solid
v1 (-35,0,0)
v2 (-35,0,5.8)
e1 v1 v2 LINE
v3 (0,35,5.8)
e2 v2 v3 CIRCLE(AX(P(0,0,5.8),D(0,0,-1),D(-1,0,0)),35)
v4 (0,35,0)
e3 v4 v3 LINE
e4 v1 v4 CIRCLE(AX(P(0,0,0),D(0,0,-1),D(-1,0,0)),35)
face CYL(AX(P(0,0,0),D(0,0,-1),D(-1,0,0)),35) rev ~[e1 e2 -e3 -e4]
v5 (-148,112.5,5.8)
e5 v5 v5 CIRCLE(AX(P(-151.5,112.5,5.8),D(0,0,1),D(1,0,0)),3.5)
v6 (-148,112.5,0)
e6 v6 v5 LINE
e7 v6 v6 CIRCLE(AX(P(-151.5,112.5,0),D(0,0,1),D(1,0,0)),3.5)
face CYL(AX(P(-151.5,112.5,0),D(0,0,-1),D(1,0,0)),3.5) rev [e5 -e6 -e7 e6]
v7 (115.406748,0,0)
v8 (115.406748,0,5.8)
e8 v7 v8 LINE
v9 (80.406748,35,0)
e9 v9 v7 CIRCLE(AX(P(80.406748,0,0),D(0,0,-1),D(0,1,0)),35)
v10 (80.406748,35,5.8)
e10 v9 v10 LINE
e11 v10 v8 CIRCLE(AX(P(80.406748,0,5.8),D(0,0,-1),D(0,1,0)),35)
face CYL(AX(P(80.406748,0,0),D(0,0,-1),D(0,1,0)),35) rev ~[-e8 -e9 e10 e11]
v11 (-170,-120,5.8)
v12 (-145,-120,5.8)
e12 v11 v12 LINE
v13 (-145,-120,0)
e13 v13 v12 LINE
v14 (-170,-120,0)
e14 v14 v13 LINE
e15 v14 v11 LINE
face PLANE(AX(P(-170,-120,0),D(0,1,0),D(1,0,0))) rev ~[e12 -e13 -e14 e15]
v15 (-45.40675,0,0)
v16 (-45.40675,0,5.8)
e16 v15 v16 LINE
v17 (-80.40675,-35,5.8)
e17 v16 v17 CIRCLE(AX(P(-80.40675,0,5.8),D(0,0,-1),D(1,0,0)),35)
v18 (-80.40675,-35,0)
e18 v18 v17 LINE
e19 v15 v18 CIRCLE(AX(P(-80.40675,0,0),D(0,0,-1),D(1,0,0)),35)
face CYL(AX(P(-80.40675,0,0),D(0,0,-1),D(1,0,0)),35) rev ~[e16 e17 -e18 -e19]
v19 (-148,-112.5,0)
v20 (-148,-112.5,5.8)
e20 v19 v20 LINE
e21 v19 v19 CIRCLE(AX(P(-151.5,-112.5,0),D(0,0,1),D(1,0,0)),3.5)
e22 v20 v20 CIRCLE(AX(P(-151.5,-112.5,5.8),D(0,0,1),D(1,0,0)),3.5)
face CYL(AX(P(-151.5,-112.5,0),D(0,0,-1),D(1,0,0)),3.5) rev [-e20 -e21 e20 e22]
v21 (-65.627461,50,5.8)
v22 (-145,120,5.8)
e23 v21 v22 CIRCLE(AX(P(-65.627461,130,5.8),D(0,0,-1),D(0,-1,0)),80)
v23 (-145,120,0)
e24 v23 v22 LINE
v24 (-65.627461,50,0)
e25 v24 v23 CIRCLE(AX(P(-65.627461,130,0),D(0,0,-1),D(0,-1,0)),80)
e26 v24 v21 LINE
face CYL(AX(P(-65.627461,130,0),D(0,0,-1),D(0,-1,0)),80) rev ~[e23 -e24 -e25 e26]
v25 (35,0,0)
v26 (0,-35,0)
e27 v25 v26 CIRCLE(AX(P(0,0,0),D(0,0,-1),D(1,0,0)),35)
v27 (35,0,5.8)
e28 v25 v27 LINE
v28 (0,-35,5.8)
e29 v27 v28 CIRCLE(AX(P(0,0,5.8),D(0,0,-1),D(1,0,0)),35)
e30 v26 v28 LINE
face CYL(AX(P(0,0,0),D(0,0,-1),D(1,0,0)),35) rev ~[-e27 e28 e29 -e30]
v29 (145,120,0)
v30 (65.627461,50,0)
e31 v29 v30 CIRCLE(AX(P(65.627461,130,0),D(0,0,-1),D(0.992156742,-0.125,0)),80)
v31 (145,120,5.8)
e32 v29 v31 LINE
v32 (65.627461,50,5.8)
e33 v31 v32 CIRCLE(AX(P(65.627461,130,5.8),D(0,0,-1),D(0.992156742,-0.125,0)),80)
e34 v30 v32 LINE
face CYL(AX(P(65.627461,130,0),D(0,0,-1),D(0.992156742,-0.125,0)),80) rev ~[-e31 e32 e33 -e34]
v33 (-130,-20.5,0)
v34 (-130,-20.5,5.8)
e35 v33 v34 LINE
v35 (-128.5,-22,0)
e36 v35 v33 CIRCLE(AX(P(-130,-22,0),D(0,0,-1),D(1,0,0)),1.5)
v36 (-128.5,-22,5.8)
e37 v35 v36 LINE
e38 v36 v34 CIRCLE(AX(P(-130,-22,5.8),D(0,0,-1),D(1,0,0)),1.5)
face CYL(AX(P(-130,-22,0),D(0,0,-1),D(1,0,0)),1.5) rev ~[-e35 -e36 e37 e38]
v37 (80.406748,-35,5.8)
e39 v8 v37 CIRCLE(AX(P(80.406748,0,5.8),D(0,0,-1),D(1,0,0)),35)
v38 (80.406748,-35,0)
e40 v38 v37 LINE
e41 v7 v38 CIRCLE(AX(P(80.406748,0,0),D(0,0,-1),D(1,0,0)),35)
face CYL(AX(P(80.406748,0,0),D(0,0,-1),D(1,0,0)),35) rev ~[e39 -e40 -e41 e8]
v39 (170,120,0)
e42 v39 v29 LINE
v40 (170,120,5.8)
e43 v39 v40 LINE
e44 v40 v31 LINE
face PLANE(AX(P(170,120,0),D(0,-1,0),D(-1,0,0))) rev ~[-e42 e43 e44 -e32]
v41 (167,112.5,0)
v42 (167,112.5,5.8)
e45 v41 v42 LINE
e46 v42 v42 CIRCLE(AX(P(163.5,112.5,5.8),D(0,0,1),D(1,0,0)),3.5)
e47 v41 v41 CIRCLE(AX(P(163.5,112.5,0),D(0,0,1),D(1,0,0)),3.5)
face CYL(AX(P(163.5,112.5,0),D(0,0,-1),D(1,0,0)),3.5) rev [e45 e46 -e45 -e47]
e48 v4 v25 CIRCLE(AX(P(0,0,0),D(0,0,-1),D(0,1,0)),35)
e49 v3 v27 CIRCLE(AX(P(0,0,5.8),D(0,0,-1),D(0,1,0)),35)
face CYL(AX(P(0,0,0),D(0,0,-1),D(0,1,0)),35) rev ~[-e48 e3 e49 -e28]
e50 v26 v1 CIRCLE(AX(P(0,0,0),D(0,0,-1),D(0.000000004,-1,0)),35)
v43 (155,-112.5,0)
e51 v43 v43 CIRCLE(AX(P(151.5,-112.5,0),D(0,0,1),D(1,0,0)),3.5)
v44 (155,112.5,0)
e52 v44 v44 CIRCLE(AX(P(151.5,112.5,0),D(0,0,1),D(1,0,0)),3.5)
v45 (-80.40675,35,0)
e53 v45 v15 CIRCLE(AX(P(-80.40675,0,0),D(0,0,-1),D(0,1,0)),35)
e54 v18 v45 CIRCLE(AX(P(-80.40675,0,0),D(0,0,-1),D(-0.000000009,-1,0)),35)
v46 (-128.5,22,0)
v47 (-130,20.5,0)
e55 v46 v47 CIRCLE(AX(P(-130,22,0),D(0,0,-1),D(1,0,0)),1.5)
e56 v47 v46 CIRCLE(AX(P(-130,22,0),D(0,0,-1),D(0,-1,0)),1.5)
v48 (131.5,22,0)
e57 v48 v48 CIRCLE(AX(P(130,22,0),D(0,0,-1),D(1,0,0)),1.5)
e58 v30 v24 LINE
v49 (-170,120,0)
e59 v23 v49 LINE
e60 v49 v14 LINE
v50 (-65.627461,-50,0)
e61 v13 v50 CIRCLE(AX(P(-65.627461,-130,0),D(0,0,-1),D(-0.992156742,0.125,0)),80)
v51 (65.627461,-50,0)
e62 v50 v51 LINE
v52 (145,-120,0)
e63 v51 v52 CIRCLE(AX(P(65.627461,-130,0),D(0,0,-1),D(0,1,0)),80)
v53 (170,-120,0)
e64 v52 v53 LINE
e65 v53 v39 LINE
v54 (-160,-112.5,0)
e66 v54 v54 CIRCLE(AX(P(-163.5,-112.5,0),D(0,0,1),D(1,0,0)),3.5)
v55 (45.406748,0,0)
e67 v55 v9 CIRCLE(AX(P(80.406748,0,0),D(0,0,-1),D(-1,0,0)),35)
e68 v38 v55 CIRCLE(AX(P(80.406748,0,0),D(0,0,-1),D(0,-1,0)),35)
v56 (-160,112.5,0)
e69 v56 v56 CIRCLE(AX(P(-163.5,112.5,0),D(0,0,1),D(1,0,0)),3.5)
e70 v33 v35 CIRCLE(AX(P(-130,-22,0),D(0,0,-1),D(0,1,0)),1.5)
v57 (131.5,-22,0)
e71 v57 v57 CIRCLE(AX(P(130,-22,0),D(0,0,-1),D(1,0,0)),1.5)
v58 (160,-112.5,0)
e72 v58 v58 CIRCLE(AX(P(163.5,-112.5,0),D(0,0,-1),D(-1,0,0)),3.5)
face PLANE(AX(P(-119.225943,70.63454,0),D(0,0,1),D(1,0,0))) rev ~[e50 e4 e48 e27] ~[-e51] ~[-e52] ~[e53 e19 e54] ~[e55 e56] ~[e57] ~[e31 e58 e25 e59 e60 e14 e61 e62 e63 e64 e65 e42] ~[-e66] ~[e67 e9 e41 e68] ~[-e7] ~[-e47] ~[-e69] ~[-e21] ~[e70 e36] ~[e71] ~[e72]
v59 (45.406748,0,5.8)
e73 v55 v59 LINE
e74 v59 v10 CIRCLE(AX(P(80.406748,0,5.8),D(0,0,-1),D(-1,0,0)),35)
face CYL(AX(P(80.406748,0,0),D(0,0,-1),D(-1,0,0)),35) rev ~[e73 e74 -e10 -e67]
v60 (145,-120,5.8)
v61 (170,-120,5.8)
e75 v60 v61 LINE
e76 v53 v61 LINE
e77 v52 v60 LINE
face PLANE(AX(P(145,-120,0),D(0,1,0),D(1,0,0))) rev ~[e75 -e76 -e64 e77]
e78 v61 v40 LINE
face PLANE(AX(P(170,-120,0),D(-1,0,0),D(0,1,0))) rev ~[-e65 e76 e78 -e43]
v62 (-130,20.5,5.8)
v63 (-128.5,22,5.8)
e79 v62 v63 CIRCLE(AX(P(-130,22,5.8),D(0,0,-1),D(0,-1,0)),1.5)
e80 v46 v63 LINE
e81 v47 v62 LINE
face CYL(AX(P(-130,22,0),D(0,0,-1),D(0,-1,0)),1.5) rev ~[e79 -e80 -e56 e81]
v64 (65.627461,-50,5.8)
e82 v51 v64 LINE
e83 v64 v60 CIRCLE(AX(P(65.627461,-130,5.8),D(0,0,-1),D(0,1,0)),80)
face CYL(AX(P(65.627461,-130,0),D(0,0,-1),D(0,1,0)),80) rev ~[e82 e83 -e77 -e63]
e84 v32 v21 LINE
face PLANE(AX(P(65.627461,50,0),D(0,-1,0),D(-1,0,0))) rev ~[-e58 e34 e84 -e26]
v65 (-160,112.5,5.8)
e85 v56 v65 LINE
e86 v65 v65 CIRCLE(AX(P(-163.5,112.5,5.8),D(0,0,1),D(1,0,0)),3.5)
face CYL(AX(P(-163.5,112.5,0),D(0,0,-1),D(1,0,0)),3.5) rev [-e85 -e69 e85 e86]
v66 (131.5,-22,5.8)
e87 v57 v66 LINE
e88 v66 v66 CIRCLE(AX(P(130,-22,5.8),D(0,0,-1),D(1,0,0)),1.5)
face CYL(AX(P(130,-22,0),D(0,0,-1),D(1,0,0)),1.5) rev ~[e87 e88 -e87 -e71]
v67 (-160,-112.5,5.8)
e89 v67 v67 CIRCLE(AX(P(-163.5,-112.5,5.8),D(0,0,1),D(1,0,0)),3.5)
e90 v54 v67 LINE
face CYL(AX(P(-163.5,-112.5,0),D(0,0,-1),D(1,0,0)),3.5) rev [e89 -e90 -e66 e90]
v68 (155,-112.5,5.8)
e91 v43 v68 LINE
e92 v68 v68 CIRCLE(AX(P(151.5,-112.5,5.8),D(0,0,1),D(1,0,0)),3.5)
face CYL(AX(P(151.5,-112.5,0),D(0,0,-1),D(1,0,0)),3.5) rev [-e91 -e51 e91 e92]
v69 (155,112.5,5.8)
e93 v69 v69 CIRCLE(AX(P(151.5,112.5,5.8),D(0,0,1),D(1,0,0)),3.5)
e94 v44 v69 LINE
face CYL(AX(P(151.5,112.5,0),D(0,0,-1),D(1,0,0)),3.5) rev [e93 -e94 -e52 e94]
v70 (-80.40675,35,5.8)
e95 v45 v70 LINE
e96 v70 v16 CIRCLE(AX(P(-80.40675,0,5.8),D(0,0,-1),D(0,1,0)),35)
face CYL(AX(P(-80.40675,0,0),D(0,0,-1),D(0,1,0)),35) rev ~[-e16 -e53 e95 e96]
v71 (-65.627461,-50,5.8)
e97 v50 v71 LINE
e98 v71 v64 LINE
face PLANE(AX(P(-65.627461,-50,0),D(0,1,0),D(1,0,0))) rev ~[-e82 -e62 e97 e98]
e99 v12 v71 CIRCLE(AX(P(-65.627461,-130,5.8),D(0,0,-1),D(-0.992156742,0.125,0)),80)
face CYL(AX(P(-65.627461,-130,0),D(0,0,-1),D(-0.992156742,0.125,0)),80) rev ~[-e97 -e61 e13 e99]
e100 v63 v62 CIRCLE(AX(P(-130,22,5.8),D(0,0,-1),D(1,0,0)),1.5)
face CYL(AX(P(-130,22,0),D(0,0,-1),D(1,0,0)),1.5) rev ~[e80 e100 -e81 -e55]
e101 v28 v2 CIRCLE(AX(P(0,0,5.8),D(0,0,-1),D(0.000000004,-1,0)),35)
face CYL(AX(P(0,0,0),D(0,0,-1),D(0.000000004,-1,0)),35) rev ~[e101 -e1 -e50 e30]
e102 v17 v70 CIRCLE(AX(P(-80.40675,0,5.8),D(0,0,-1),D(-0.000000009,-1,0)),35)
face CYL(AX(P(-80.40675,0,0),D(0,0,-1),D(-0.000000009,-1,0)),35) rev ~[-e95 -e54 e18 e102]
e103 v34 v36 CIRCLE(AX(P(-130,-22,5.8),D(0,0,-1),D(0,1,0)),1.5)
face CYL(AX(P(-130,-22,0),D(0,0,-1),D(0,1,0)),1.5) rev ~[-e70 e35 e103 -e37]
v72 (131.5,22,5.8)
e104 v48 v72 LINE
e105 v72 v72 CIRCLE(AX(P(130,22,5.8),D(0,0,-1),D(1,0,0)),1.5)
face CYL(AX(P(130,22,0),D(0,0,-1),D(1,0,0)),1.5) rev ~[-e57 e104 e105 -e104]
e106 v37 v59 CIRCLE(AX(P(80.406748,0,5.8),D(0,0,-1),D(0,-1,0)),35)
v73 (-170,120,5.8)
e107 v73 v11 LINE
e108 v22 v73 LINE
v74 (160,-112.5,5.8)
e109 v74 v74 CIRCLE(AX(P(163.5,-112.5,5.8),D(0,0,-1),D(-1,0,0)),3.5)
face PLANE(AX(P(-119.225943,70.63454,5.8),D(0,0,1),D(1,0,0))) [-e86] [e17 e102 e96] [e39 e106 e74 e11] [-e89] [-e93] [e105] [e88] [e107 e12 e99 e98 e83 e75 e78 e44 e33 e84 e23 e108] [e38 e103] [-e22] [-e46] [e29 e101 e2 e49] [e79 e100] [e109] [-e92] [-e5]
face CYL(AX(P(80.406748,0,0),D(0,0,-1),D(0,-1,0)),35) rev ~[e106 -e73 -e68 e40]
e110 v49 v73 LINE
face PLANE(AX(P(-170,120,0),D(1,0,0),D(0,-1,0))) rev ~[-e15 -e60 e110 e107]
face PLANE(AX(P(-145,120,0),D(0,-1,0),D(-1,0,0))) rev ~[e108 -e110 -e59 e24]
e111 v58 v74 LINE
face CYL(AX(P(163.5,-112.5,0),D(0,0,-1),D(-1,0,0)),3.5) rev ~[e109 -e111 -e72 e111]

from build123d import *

# Parameters (mm, degrees)
F0_R     = 3.5
F0_W     = 25
F0_H     = 70
F1_DEPTH = 5.8
F2_R     = 1.5
F3_DEPTH = 25


with BuildPart() as f1:
    # F0 (on Top) → F1 (new body)
    with BuildSketch(Plane.XY):
        with BuildLine():
            Line((-145, 50), (-65.6274606681, 50))
            ThreePointArc((-65.6274606681, 50), (-118.5424868894, 70), (-145, 120))
            Line((-145, 120), (-145, 78.135895431))
            Line((-145, 78.135895431), (-145, 50))
        make_face()
        Polygon((-170, 50), (-145, 50), (-145, 78.135895431), (-145, 120), (-170, 120), align=None)
        with Locations((-163.5, 112.5)):
            Circle(F0_R, mode=Mode.SUBTRACT)
        with Locations((-151.5, 112.5)):
            Circle(F0_R, mode=Mode.SUBTRACT)
        Polygon((145, -50), (170, -50), (170, 0), (170, 50), (145, 50), (65.6274606681, 50), (-65.6274606681, 50), (-145, 50), (-170, 50), (-170, 0), (-170, -50), (-145, -50), (-65.6274606681, -50), (65.6274606681, -50), align=None)
        Polygon((117.5, 35), (117.5, -35), (80.4067477584, -35), (1.297e-07, -35), (-80.4067503304, -35), (-117.5, -35), (-117.5, 35), (-80.40675, 35), (-1.1e-09, 35), (80.4067477584, 35), align=None, mode=Mode.SUBTRACT)
        with Locations((-157.5, -85)):
            Rectangle(F0_W, F0_H)
        with Locations((-163.5, -112.5)):
            Circle(F0_R, mode=Mode.SUBTRACT)
        with Locations((-151.5, -112.5)):
            Circle(F0_R, mode=Mode.SUBTRACT)
        with BuildLine():
            ThreePointArc((-145, -120), (-118.5424868894, -70), (-65.6274606681, -50))
            Line((-65.6274606681, -50), (-145, -50))
            Line((-145, -50), (-145, -120))
        make_face()
        with BuildLine():
            Line((145, -120), (145, -50))
            Line((145, -50), (65.6274606681, -50))
            ThreePointArc((65.6274606681, -50), (118.5424868894, -70), (145, -120))
        make_face()
        Polygon((170, -120), (170, -50), (145, -50), (145, -120), (157.5, -120), align=None)
        with Locations((151.5, -112.5)):
            Circle(F0_R, mode=Mode.SUBTRACT)
        with BuildLine():
            ThreePointArc((167, -112.5), (163.5, -116), (160, -112.5))
            ThreePointArc((160, -112.5), (163.5, -109), (167, -112.5))
        make_face(mode=Mode.SUBTRACT)
        with BuildLine():
            Line((65.6274606681, 50), (145, 50))
            Line((145, 50), (145, 75.7707309723))
            Line((145, 75.7707309723), (145, 120))
            ThreePointArc((145, 120), (118.5424868894, 70), (65.6274606681, 50))
        make_face()
        Polygon((145, 50), (170, 50), (170, 120), (145, 120), (145, 75.7707309723), align=None)
        with Locations((151.5, 112.5)):
            Circle(F0_R, mode=Mode.SUBTRACT)
        with Locations((163.5, 112.5)):
            Circle(F0_R, mode=Mode.SUBTRACT)
        with BuildLine():
            Line((-117.5, -35), (-80.4067503304, -35))
            ThreePointArc((-80.4067503304, -35), (-115.40675, 1.652e-07), (-80.40675, 35))
            Line((-80.40675, 35), (-117.5, 35))
            Line((-117.5, 35), (-117.5, -35))
        make_face()
        with BuildLine():
            Line((-45.40675, 0), (-35, 0))
            ThreePointArc((-35, 0), (-24.7487373419, 24.7487373412), (-1.1e-09, 35))
            Line((-1.1e-09, 35), (-80.40675, 35))
            ThreePointArc((-80.40675, 35), (-55.6580126585, 24.7487373415), (-45.40675, 0))
        make_face()
        with BuildLine():
            Line((-80.4067503304, -35), (1.297e-07, -35))
            ThreePointArc((1.297e-07, -35), (-24.7487372957, -24.7487373874), (-35, 0))
            Line((-35, 0), (-45.40675, 0))
            ThreePointArc((-45.40675, 0), (-55.6580127753, -24.7487374583), (-80.4067503304, -35))
        make_face()
        with BuildLine():
            Line((1.297e-07, -35), (80.4067477584, -35))
            ThreePointArc((80.4067477584, -35), (55.6580104169, -24.7487373415), (45.4067477584, 0))
            Line((45.4067477584, 0), (35, 0))
            ThreePointArc((35, 0), (24.7487373874, -24.7487372957), (1.297e-07, -35))
        make_face()
        with BuildLine():
            Line((35, 0), (45.4067477584, 0))
            ThreePointArc((45.4067477584, 0), (55.6580104169, 24.7487373415), (80.4067477584, 35))
            Line((80.4067477584, 35), (-1.1e-09, 35))
            ThreePointArc((-1.1e-09, 35), (24.7487373412, 24.7487373419), (35, 0))
        make_face()
        with BuildLine():
            Line((80.4067477584, -35), (117.5, -35))
            Line((117.5, -35), (117.5, 35))
            Line((117.5, 35), (80.4067477584, 35))
            ThreePointArc((80.4067477584, 35), (105.1554850999, 24.7487373415), (115.4067477584, 0))
            ThreePointArc((115.4067477584, 0), (105.1554850999, -24.7487373415), (80.4067477584, -35))
        make_face()
    extrude(amount=F1_DEPTH)

    # F2 (on face) → F3 (cut)
    with BuildSketch(Plane(origin=(0, 0, 0), x_dir=(1, 0, 0), z_dir=(0, 0, -1))):
        with Locations((130, 22)):
            Circle(F2_R)
        with Locations((130, -22)):
            Circle(F2_R)
        with BuildLine():
            ThreePointArc((-128.5, -22), (-128.9393398282, -20.9393398282), (-130, -20.5))
            ThreePointArc((-130, -20.5), (-131.0606601718, -23.0606601718), (-128.5, -22))
        make_face()
        with BuildLine():
            ThreePointArc((-128.5, 22), (-131.0606601718, 23.0606601718), (-130, 20.5))
            ThreePointArc((-130, 20.5), (-128.9393398282, 20.9393398282), (-128.5, 22))
        make_face()
    extrude(amount=-F3_DEPTH, mode=Mode.SUBTRACT)


solid = f1.part
